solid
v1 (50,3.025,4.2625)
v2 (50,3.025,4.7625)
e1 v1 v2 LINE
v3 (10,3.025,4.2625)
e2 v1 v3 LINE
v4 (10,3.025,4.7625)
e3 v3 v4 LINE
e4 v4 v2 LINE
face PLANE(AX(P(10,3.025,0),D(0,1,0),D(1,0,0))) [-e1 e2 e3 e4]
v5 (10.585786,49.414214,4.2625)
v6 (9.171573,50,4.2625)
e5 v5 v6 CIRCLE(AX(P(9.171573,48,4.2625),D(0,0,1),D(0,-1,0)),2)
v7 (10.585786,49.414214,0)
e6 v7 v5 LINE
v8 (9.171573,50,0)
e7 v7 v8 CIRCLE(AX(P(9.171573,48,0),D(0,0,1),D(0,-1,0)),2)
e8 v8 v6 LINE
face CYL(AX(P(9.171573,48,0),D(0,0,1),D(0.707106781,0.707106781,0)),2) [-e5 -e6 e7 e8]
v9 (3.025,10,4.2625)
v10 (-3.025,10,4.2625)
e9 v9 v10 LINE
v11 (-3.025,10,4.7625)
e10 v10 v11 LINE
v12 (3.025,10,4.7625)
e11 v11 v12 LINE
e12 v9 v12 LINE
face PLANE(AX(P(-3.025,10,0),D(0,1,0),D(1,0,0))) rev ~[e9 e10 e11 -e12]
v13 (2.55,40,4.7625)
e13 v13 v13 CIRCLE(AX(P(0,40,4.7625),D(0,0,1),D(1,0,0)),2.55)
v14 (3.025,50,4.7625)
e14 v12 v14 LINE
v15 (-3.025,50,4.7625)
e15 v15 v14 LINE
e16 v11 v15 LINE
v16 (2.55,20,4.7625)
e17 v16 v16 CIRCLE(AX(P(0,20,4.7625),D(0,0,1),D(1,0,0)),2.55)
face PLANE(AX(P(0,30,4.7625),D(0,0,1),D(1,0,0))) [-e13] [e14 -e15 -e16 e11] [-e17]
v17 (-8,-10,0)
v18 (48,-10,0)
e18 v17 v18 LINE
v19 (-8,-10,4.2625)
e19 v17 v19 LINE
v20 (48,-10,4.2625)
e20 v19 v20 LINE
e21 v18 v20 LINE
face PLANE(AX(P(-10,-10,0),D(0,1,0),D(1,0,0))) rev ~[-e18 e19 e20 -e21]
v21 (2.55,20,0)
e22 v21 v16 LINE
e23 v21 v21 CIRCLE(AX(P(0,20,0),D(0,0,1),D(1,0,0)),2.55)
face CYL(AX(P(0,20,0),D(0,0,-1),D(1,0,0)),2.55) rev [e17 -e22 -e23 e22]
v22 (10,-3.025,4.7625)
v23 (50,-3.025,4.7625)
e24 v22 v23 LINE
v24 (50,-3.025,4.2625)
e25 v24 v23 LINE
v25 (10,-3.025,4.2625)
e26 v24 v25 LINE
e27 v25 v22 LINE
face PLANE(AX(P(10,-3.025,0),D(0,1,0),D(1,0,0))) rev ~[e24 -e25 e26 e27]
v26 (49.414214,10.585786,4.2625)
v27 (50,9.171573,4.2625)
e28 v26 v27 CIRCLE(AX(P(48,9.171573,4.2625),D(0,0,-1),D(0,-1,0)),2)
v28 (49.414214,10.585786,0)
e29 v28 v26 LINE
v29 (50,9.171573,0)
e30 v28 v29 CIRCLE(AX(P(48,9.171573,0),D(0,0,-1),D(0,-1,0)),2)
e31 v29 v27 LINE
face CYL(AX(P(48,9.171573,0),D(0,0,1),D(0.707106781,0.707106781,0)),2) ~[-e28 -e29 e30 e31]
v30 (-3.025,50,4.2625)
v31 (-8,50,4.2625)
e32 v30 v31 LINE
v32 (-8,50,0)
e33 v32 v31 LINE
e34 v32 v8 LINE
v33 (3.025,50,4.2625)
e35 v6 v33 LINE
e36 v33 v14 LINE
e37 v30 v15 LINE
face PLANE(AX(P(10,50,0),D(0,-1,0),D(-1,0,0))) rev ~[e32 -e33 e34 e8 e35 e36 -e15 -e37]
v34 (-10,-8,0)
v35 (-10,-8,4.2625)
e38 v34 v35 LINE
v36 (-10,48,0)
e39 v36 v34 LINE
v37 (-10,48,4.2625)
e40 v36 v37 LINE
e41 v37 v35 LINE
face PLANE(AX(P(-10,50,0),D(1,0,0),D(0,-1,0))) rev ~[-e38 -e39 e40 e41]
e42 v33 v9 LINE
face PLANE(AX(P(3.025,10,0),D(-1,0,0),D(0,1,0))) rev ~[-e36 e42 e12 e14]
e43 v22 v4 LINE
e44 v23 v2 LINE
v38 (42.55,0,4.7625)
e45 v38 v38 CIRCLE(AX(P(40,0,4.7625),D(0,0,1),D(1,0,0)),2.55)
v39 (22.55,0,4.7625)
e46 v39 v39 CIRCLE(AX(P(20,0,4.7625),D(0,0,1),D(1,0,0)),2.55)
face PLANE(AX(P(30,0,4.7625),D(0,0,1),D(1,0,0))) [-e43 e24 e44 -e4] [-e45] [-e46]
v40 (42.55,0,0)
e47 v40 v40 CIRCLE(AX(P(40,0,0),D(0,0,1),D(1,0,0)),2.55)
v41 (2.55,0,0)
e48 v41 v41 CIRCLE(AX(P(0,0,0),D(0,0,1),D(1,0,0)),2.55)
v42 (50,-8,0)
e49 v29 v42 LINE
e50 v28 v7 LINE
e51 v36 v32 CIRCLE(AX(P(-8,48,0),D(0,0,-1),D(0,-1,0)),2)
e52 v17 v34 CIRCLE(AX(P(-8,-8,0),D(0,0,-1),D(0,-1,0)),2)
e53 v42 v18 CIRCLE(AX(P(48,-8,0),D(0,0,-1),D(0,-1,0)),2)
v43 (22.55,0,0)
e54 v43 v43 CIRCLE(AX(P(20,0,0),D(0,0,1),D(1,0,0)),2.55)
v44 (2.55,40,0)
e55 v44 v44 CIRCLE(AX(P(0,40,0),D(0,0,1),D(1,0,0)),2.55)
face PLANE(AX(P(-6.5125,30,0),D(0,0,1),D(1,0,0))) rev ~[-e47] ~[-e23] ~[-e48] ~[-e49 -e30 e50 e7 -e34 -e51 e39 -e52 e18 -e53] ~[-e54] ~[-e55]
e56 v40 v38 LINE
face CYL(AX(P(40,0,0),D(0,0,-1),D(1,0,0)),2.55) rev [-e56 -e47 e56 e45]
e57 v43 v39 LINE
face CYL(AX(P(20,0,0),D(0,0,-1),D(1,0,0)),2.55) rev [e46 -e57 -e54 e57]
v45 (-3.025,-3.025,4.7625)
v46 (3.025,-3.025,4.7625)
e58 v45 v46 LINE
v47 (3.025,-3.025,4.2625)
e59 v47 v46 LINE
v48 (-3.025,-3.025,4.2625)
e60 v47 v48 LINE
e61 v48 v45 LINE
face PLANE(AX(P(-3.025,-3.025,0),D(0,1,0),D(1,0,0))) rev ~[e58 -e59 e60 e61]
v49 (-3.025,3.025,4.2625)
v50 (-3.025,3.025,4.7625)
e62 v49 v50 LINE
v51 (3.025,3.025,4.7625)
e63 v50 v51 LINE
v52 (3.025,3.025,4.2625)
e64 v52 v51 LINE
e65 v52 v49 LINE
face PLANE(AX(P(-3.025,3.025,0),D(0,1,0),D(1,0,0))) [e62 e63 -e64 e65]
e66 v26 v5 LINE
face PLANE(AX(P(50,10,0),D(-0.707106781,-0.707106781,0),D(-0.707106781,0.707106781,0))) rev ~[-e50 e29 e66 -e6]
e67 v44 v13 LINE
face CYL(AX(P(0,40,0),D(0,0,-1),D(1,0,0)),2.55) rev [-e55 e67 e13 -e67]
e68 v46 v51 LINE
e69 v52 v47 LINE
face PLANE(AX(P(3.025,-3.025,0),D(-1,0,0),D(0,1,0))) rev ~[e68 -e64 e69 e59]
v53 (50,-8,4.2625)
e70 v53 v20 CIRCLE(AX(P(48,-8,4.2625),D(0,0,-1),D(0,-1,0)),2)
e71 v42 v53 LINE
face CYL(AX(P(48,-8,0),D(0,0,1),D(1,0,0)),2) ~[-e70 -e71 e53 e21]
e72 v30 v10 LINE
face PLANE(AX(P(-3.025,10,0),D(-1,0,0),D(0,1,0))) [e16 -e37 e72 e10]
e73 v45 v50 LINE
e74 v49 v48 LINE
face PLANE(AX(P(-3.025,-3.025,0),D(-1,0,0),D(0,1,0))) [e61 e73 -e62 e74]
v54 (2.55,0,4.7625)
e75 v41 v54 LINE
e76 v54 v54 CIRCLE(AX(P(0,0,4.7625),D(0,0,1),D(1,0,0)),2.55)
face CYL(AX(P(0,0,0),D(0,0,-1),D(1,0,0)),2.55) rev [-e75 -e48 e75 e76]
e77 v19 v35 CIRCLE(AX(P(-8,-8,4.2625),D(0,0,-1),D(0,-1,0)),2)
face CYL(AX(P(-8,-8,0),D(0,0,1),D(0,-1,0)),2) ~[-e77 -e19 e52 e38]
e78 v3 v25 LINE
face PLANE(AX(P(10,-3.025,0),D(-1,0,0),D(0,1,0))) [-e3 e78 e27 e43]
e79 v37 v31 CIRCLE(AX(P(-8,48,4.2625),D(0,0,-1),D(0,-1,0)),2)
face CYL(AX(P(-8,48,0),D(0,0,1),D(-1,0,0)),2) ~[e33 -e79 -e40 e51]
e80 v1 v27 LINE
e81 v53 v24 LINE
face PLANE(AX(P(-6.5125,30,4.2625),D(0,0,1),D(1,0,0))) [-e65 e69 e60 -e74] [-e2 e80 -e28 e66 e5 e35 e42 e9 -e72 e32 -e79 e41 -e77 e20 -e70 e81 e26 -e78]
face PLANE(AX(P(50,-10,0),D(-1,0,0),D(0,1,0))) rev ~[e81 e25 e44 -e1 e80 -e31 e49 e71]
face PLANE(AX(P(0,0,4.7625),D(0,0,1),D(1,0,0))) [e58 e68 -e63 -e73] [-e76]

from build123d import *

# Parameters (mm, degrees)
F2_W     = 6.975
F2_H     = 40
F2_H_2   = 6.975
F2_W_2   = 6.05
F2_R     = 2.55
F2_H_3   = 6.05
F2_W_3   = 40
F3_DEPTH = 4.2625
F4_DEPTH = 4.7625
F5_R     = 2


with BuildPart() as f3:
    # F2 (on Top) → F3 (new body)
    with BuildSketch(Plane.XY):
        with Locations((-6.5125, 30)):
            Rectangle(F2_W, F2_H)
        with Locations((-6.5125, 6.5125)):
            Rectangle(F2_W, F2_H_2)
        with Locations((0, 30)):
            Rectangle(F2_W_2, F2_H)
        with Locations((0, 20)):
            Circle(F2_R, mode=Mode.SUBTRACT)
        with Locations((0, 40)):
            Circle(F2_R, mode=Mode.SUBTRACT)
        with Locations((-6.5125, 0)):
            Rectangle(F2_W, F2_H_3)
        with Locations((6.5125, 30)):
            Rectangle(F2_W, F2_H)
        with Locations((-6.5125, -6.5125)):
            Rectangle(F2_W, F2_H_2)
        Polygon((50, 10), (10, 50), (10, 10), align=None)
        with Locations((0, -6.5125)):
            Rectangle(F2_W_2, F2_H_2)
        with Locations((30, 6.5125)):
            Rectangle(F2_W_3, F2_H_2)
        with Locations((6.5125, -6.5125)):
            Rectangle(F2_W, F2_H_2)
        with Locations((30, 0)):
            Rectangle(F2_W_3, F2_H_3)
        with Locations((20, 0)):
            Circle(F2_R, mode=Mode.SUBTRACT)
        with Locations((40, 0)):
            Circle(F2_R, mode=Mode.SUBTRACT)
        with Locations((30, -6.5125)):
            Rectangle(F2_W_3, F2_H_2)
        with Locations((6.5125, 6.5125)):
            Rectangle(F2_W, F2_H_2)
        with Locations((6.5125, 0)):
            Rectangle(F2_W, F2_H_3)
        Rectangle(F2_W_2, F2_H_3)
        Circle(F2_R, mode=Mode.SUBTRACT)
        with Locations((0, 6.5125)):
            Rectangle(F2_W_2, F2_H_2)
    extrude(amount=F3_DEPTH)

    # F2 (on Top) → F4 (join)
    with BuildSketch(Plane.XY):
        Rectangle(F2_W_2, F2_H_3)
        Circle(F2_R, mode=Mode.SUBTRACT)
        with Locations((30, 0)):
            Rectangle(F2_W_3, F2_H_3)
        with Locations((20, 0)):
            Circle(F2_R, mode=Mode.SUBTRACT)
        with Locations((40, 0)):
            Circle(F2_R, mode=Mode.SUBTRACT)
        with Locations((0, 30)):
            Rectangle(F2_W_2, F2_H)
        with Locations((0, 20)):
            Circle(F2_R, mode=Mode.SUBTRACT)
        with Locations((0, 40)):
            Circle(F2_R, mode=Mode.SUBTRACT)
    extrude(amount=F4_DEPTH)

    # F5
    f5_edges = [f3.edges().sort_by_distance(p)[0] for p in [
        (50, 10, 2.13125),
        (50, -10, 2.13125),
        (-10, -10, 2.13125),
        (-10, 50, 2.13125),
        (10, 50, 2.13125),
    ]]
    fillet(f5_edges, radius=F5_R)


solid = f3.part
